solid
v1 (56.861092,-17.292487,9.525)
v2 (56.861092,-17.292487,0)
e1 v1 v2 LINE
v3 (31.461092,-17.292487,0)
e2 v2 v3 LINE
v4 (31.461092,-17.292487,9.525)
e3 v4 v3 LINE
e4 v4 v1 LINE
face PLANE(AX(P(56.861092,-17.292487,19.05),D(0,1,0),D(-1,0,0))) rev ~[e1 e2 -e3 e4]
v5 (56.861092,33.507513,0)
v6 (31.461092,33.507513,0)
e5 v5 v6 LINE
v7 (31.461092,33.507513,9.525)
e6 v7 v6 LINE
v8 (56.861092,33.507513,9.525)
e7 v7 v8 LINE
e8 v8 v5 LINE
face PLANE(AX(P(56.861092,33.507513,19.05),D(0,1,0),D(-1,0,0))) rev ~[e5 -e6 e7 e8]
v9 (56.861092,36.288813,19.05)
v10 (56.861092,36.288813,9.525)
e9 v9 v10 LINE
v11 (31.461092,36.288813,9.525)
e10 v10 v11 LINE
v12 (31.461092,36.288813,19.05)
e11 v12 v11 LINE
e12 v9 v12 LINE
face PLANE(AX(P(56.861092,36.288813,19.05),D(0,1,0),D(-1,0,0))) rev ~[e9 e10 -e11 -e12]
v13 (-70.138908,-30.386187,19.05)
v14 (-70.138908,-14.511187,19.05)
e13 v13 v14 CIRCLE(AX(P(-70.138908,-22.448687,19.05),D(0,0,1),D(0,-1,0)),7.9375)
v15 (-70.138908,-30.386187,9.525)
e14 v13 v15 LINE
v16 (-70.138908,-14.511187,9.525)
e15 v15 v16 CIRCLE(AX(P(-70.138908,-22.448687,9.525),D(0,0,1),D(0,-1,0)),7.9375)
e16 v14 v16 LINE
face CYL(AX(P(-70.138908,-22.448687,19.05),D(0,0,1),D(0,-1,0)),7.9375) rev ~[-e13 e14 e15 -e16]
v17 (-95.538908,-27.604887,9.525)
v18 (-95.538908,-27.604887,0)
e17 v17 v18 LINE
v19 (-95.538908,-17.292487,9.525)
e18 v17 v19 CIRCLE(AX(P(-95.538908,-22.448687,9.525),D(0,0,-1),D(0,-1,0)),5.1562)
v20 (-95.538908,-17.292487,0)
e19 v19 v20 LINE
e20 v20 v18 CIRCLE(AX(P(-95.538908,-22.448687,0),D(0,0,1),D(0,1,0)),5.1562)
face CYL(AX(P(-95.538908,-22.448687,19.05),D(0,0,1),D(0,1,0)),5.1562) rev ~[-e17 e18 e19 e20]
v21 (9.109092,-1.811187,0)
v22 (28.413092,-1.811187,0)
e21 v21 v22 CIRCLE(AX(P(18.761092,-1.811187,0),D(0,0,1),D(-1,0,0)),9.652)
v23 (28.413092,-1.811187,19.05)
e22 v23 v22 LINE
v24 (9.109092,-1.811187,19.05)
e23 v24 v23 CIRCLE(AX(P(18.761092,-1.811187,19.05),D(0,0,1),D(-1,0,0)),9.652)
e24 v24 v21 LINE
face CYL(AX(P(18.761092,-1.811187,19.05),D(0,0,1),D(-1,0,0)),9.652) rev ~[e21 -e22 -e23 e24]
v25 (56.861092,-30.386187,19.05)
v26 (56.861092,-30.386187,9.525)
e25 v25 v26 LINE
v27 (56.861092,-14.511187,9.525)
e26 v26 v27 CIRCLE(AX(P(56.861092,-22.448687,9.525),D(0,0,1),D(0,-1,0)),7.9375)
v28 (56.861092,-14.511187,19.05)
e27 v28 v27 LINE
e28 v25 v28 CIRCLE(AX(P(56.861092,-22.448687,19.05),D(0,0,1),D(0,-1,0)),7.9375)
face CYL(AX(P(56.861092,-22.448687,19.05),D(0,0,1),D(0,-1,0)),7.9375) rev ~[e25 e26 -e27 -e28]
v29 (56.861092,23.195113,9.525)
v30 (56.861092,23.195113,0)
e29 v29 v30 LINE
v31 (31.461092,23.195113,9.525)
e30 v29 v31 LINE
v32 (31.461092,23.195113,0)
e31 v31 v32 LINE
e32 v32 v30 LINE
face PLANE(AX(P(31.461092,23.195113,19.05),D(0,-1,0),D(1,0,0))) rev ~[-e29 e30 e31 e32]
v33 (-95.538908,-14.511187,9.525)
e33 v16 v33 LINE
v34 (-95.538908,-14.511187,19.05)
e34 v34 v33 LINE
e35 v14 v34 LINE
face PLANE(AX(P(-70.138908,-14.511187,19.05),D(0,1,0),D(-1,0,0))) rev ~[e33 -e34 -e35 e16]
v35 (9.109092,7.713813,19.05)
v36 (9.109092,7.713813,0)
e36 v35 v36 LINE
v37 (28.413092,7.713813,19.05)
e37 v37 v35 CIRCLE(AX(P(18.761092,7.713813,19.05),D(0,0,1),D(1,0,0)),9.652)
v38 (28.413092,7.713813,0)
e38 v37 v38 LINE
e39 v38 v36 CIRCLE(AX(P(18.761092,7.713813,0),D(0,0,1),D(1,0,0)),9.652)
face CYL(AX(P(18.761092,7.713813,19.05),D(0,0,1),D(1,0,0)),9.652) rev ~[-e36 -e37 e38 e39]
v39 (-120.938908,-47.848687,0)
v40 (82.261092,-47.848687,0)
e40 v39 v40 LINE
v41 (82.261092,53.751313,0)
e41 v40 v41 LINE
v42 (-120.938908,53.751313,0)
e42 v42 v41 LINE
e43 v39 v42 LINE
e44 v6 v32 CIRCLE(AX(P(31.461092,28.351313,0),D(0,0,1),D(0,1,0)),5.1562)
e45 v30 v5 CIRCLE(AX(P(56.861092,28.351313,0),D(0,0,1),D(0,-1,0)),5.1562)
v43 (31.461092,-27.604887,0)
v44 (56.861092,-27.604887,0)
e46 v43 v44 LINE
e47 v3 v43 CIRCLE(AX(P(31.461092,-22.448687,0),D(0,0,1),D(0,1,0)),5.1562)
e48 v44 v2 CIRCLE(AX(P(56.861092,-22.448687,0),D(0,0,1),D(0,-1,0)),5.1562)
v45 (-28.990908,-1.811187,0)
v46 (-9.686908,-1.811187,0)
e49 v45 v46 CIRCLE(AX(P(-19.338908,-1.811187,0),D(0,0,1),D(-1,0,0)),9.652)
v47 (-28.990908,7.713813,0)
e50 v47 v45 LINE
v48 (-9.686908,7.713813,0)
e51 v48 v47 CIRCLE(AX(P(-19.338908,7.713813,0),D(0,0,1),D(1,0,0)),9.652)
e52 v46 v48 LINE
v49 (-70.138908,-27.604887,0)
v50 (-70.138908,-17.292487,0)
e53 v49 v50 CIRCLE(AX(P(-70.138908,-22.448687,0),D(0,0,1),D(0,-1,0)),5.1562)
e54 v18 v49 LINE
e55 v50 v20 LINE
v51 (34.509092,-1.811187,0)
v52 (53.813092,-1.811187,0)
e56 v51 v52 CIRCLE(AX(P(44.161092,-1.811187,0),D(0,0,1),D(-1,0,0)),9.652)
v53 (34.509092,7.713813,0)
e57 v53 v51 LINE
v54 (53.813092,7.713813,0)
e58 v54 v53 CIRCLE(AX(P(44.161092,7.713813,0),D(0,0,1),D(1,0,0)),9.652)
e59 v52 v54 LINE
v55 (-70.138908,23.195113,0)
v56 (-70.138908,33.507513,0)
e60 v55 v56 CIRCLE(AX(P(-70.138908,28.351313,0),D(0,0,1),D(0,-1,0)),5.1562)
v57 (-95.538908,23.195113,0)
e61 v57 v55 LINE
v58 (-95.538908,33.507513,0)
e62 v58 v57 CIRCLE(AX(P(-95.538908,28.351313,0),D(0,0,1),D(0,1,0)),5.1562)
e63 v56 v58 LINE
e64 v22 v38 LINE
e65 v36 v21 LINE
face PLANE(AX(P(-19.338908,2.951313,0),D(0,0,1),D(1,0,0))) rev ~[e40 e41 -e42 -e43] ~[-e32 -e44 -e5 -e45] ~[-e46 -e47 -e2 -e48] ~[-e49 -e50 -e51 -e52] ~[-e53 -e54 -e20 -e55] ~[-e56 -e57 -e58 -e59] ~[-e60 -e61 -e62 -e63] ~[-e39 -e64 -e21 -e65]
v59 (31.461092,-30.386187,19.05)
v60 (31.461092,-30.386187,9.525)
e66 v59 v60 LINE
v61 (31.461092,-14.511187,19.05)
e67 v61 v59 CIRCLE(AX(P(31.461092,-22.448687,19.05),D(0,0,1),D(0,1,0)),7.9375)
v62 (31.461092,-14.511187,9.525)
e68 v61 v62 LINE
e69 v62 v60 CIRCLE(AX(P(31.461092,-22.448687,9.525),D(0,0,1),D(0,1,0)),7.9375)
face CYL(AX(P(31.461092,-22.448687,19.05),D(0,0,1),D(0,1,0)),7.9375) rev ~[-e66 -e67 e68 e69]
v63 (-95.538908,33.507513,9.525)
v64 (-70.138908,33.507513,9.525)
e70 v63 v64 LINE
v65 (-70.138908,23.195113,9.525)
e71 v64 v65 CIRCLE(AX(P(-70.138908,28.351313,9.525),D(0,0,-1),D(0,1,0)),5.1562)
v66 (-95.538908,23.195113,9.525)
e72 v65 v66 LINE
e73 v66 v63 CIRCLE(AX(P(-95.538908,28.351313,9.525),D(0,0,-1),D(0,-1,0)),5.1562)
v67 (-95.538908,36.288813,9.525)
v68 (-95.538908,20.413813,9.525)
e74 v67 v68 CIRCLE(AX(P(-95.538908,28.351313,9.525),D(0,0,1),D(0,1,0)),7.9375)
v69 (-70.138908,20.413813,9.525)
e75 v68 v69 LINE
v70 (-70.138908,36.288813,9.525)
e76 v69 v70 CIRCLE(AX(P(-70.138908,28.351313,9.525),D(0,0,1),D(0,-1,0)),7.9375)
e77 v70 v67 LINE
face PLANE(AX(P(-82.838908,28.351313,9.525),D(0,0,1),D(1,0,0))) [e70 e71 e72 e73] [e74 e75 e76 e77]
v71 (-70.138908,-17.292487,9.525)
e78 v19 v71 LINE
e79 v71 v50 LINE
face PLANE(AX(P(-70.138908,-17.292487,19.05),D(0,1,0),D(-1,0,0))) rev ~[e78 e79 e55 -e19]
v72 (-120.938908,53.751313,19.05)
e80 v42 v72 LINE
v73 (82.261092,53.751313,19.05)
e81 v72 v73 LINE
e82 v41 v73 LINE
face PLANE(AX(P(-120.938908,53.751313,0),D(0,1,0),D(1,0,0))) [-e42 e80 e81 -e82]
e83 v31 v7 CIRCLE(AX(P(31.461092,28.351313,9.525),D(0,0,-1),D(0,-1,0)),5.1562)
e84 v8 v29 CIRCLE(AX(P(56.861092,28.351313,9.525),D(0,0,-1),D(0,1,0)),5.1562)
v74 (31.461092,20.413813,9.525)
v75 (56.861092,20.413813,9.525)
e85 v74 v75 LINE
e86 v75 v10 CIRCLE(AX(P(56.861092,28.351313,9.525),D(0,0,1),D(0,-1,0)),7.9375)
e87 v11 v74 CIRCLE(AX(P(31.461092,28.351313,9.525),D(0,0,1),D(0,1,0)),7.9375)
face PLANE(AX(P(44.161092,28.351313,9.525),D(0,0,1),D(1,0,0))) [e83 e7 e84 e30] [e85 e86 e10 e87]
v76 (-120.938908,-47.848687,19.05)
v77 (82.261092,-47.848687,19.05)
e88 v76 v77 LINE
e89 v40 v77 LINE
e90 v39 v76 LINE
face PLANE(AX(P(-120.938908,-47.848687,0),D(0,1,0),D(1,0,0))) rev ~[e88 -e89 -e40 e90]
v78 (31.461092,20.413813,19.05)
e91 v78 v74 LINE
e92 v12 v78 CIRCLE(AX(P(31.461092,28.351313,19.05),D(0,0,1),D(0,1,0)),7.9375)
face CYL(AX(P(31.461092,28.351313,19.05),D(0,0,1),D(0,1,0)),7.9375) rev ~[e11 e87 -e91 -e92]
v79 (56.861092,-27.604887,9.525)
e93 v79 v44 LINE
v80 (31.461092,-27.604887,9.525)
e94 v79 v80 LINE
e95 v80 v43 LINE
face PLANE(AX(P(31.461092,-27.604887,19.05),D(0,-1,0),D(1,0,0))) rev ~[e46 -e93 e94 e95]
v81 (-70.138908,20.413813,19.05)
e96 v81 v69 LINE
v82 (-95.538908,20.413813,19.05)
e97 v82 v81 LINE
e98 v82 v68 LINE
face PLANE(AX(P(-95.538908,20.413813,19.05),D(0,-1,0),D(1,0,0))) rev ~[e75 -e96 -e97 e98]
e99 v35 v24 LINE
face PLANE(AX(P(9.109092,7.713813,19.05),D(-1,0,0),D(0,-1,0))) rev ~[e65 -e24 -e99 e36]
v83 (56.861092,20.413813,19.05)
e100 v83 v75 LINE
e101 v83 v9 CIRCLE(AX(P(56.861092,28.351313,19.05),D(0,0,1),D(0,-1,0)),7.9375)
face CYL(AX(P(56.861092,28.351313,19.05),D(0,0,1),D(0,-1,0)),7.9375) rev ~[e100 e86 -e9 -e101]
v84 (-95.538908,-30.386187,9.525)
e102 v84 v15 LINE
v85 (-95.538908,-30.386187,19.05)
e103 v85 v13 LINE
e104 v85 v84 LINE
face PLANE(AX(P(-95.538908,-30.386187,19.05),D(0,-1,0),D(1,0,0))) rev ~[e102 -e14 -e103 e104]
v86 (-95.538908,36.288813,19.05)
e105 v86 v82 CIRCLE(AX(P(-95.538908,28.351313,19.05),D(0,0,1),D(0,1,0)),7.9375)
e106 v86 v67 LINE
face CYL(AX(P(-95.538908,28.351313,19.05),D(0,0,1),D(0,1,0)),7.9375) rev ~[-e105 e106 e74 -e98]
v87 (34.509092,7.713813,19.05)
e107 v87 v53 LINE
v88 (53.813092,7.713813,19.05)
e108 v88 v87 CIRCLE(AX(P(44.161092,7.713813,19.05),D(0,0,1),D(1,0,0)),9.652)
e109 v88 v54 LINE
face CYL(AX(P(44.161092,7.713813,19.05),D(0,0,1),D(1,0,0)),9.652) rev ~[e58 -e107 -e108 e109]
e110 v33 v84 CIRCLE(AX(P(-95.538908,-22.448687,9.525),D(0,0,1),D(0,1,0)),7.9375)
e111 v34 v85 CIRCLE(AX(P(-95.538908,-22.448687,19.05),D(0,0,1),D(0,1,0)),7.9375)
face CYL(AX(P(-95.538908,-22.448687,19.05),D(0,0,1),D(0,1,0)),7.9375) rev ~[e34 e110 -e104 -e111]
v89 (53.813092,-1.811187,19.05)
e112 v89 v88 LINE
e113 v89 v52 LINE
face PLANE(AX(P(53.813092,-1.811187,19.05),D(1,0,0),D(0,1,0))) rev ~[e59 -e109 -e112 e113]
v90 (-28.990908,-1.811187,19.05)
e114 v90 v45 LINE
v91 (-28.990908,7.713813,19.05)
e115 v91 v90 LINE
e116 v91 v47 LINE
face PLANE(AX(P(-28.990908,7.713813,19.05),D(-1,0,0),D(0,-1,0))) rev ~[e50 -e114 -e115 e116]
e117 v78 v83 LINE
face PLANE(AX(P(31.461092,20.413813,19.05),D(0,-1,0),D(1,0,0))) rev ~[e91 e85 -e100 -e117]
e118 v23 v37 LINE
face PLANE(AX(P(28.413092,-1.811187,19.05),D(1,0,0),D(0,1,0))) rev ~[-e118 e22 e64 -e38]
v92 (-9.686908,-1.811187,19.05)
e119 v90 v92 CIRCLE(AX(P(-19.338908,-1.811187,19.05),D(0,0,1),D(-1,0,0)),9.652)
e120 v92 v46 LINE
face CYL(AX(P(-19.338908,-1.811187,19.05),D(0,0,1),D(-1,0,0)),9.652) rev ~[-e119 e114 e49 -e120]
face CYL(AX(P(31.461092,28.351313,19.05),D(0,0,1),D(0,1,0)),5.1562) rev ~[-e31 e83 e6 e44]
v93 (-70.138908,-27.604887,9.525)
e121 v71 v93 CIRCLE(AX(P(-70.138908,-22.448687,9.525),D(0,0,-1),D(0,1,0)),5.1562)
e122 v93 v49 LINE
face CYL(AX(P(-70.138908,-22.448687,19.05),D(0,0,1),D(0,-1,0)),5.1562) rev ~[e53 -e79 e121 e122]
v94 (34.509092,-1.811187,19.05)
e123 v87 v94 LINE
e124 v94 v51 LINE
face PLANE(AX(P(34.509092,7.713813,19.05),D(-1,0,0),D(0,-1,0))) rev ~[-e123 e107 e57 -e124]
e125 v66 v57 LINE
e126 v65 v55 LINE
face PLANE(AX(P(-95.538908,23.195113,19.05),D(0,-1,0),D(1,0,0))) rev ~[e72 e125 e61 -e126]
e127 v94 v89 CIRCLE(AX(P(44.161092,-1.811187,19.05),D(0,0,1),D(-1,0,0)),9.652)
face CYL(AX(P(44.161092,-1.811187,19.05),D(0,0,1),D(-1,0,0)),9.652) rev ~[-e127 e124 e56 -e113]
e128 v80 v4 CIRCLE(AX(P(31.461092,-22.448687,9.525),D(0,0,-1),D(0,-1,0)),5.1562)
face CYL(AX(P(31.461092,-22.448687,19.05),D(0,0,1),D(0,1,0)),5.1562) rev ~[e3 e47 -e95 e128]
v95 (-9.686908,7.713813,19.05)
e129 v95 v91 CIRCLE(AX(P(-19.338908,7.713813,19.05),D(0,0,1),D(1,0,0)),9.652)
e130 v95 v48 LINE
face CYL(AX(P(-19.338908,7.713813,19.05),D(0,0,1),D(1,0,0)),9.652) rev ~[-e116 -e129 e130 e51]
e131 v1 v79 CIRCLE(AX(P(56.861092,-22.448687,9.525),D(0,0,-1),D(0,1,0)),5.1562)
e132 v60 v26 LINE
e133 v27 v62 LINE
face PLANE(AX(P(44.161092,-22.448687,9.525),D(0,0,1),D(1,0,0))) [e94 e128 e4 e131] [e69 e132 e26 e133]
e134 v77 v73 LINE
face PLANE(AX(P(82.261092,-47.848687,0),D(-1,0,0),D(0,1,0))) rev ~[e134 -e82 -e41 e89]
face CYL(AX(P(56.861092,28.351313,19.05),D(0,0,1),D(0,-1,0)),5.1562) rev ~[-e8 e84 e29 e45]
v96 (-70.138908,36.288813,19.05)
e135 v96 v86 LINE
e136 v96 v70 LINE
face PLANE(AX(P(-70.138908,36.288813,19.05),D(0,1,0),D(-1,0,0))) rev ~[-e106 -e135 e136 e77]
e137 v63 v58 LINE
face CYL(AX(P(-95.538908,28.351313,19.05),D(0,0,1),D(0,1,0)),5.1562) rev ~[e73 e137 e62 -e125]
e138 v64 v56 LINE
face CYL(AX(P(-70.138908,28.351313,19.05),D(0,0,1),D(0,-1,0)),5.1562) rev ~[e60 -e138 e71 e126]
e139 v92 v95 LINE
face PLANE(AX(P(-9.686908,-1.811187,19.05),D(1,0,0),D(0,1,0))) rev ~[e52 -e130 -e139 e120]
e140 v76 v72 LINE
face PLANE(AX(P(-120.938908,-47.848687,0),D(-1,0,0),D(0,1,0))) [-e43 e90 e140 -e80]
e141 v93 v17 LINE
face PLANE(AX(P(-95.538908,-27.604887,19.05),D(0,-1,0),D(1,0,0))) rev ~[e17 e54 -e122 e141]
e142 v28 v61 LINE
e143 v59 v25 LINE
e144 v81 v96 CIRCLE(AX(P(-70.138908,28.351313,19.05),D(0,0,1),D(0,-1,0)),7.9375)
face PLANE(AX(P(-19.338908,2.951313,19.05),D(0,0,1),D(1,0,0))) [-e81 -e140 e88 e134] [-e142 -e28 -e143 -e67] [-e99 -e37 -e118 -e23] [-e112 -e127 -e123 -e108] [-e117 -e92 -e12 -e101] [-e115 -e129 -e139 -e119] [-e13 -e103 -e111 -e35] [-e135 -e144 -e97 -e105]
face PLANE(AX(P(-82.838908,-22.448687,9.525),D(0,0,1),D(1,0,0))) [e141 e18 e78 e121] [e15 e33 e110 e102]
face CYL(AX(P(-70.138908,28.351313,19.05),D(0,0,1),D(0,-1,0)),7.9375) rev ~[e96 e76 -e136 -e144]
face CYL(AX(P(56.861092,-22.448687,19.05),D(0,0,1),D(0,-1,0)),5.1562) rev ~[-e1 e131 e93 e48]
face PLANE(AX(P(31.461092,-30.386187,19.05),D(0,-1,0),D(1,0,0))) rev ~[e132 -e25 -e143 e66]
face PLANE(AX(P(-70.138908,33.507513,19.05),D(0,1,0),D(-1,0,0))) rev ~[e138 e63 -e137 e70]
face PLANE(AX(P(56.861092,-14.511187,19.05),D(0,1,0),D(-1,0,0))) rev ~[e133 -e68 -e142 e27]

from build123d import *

# Parameters (mm, degrees)
F0_W     = 203.2
F0_H     = 101.6
F1_DEPTH = 19.05
F3_DEPTH = 19.051
F4_DEPTH = 9.525
F6_DEPTH = 19.051


with BuildPart() as f1:
    # F0 (on Top) → F1 (new body)
    with BuildSketch(Plane.XY):
        with Locations((-19.338908, 2.951313)):
            Rectangle(F0_W, F0_H)
    extrude(amount=F1_DEPTH)

    # F2 (on face) → F3 (cut, through all)
    with BuildSketch(Plane.XY.offset(19.05)):
        with BuildLine():
            ThreePointArc((-95.538908, 33.507513), (-100.695108, 28.351313), (-95.538908, 23.195113))
            Line((-95.538908, 23.195113), (-70.138908, 23.195113))
            ThreePointArc((-70.138908, 23.195113), (-64.982708, 28.351313), (-70.138908, 33.507513))
            Line((-70.138908, 33.507513), (-95.538908, 33.507513))
        make_face()
        with BuildLine():
            Line((56.861092, 33.507513), (31.461092, 33.507513))
            ThreePointArc((31.461092, 33.507513), (26.304892, 28.351313), (31.461092, 23.195113))
            Line((31.461092, 23.195113), (56.861092, 23.195113))
            ThreePointArc((56.861092, 23.195113), (62.017292, 28.351313), (56.861092, 33.507513))
        make_face()
        with BuildLine():
            Line((31.461092, -27.604887), (56.861092, -27.604887))
            ThreePointArc((56.861092, -27.604887), (62.017292, -22.448687), (56.861092, -17.292487))
            Line((56.861092, -17.292487), (31.461092, -17.292487))
            ThreePointArc((31.461092, -17.292487), (26.304892, -22.448687), (31.461092, -27.604887))
        make_face()
        with BuildLine():
            Line((-70.138908, -17.292487), (-95.538908, -17.292487))
            ThreePointArc((-95.538908, -17.292487), (-100.695108, -22.448687), (-95.538908, -27.604887))
            Line((-95.538908, -27.604887), (-70.138908, -27.604887))
            ThreePointArc((-70.138908, -27.604887), (-64.982708, -22.448687), (-70.138908, -17.292487))
        make_face()
    extrude(amount=-F3_DEPTH, mode=Mode.SUBTRACT)

    # F2 (on face) → F4 (cut)
    with BuildSketch(Plane.XY.offset(19.05)):
        with BuildLine():
            ThreePointArc((-95.538908, 33.507513), (-100.695108, 28.351313), (-95.538908, 23.195113))
            Line((-95.538908, 23.195113), (-70.138908, 23.195113))
            ThreePointArc((-70.138908, 23.195113), (-64.982708, 28.351313), (-70.138908, 33.507513))
            Line((-70.138908, 33.507513), (-95.538908, 33.507513))
        make_face()
        with BuildLine():
            ThreePointArc((-95.538908, 36.288813), (-103.476408, 28.351313), (-95.538908, 20.413813))
            Line((-95.538908, 20.413813), (-70.138908, 20.413813))
            ThreePointArc((-70.138908, 20.413813), (-62.201408, 28.351313), (-70.138908, 36.288813))
            Line((-70.138908, 36.288813), (-95.538908, 36.288813))
        make_face()
        with BuildLine():
            Line((-70.138908, 23.195113), (-95.538908, 23.195113))
            ThreePointArc((-95.538908, 23.195113), (-100.695108, 28.351313), (-95.538908, 33.507513))
            Line((-95.538908, 33.507513), (-70.138908, 33.507513))
            ThreePointArc((-70.138908, 33.507513), (-64.982708, 28.351313), (-70.138908, 23.195113))
        make_face(mode=Mode.SUBTRACT)
        with BuildLine():
            Line((56.861092, 36.288813), (31.461092, 36.288813))
            ThreePointArc((31.461092, 36.288813), (23.523592, 28.351313), (31.461092, 20.413813))
            Line((31.461092, 20.413813), (56.861092, 20.413813))
            ThreePointArc((56.861092, 20.413813), (64.798592, 28.351313), (56.861092, 36.288813))
        make_face()
        with BuildLine():
            ThreePointArc((31.461092, 23.195113), (26.304892, 28.351313), (31.461092, 33.507513))
            Line((31.461092, 33.507513), (56.861092, 33.507513))
            ThreePointArc((56.861092, 33.507513), (62.017292, 28.351313), (56.861092, 23.195113))
            Line((56.861092, 23.195113), (31.461092, 23.195113))
        make_face(mode=Mode.SUBTRACT)
        with BuildLine():
            Line((-95.538908, -30.386187), (-70.138908, -30.386187))
            ThreePointArc((-70.138908, -30.386187), (-62.201408, -22.448687), (-70.138908, -14.511187))
            Line((-70.138908, -14.511187), (-95.538908, -14.511187))
            ThreePointArc((-95.538908, -14.511187), (-103.476408, -22.448687), (-95.538908, -30.386187))
        make_face()
        with BuildLine():
            ThreePointArc((-95.538908, -27.604887), (-100.695108, -22.448687), (-95.538908, -17.292487))
            Line((-95.538908, -17.292487), (-70.138908, -17.292487))
            ThreePointArc((-70.138908, -17.292487), (-64.982708, -22.448687), (-70.138908, -27.604887))
            Line((-70.138908, -27.604887), (-95.538908, -27.604887))
        make_face(mode=Mode.SUBTRACT)
        with BuildLine():
            Line((31.461092, -30.386187), (56.861092, -30.386187))
            ThreePointArc((56.861092, -30.386187), (64.798592, -22.448687), (56.861092, -14.511187))
            Line((56.861092, -14.511187), (31.461092, -14.511187))
            ThreePointArc((31.461092, -14.511187), (23.523592, -22.448687), (31.461092, -30.386187))
        make_face()
        with BuildLine():
            ThreePointArc((56.861092, -17.292487), (62.017292, -22.448687), (56.861092, -27.604887))
            Line((56.861092, -27.604887), (31.461092, -27.604887))
            ThreePointArc((31.461092, -27.604887), (26.304892, -22.448687), (31.461092, -17.292487))
            Line((31.461092, -17.292487), (56.861092, -17.292487))
        make_face(mode=Mode.SUBTRACT)
    extrude(amount=-F4_DEPTH, mode=Mode.SUBTRACT)

    # F5 (on face) → F6 (cut, through all)
    with BuildSketch(Plane.XY.offset(19.05)):
        with BuildLine():
            Line((-28.990908, 7.713813), (-28.990908, 2.951313))
            Line((-28.990908, 2.951313), (-19.338908, 2.951313))
            Line((-19.338908, 2.951313), (-9.686908, 2.951313))
            Line((-9.686908, 2.951313), (-9.686908, 7.713813))
            ThreePointArc((-9.686908, 7.713813), (-19.338908, 17.365813), (-28.990908, 7.713813))
        make_face()
        with BuildLine():
            Line((-19.338908, 2.951313), (-28.990908, 2.951313))
            Line((-28.990908, 2.951313), (-28.990908, -1.811187))
            ThreePointArc((-28.990908, -1.811187), (-19.338908, -11.463187), (-9.686908, -1.811187))
            Line((-9.686908, -1.811187), (-9.686908, 2.951313))
            Line((-9.686908, 2.951313), (-19.338908, 2.951313))
        make_face()
        with BuildLine():
            Line((9.109092, 7.713813), (9.109092, 2.951313))
            Line((9.109092, 2.951313), (18.761092, 2.951313))
            Line((18.761092, 2.951313), (28.413092, 2.951313))
            Line((28.413092, 2.951313), (28.413092, 7.713813))
            ThreePointArc((28.413092, 7.713813), (18.761092, 17.365813), (9.109092, 7.713813))
        make_face()
        with BuildLine():
            Line((18.761092, 2.951313), (9.109092, 2.951313))
            Line((9.109092, 2.951313), (9.109092, -1.811187))
            ThreePointArc((9.109092, -1.811187), (18.761092, -11.463187), (28.413092, -1.811187))
            Line((28.413092, -1.811187), (28.413092, 2.951313))
            Line((28.413092, 2.951313), (18.761092, 2.951313))
        make_face()
        with BuildLine():
            Line((44.161092, 2.951313), (53.813092, 2.951313))
            Line((53.813092, 2.951313), (53.813092, 7.713813))
            ThreePointArc((53.813092, 7.713813), (44.161092, 17.365813), (34.509092, 7.713813))
            Line((34.509092, 7.713813), (34.509092, 2.951313))
            Line((34.509092, 2.951313), (44.161092, 2.951313))
        make_face()
        with BuildLine():
            Line((53.813092, -1.811187), (53.813092, 2.951313))
            Line((53.813092, 2.951313), (44.161092, 2.951313))
            Line((44.161092, 2.951313), (34.509092, 2.951313))
            Line((34.509092, 2.951313), (34.509092, -1.811187))
            ThreePointArc((34.509092, -1.811187), (44.161092, -11.463187), (53.813092, -1.811187))
        make_face()
    extrude(amount=-F6_DEPTH, mode=Mode.SUBTRACT)


solid = f1.part
